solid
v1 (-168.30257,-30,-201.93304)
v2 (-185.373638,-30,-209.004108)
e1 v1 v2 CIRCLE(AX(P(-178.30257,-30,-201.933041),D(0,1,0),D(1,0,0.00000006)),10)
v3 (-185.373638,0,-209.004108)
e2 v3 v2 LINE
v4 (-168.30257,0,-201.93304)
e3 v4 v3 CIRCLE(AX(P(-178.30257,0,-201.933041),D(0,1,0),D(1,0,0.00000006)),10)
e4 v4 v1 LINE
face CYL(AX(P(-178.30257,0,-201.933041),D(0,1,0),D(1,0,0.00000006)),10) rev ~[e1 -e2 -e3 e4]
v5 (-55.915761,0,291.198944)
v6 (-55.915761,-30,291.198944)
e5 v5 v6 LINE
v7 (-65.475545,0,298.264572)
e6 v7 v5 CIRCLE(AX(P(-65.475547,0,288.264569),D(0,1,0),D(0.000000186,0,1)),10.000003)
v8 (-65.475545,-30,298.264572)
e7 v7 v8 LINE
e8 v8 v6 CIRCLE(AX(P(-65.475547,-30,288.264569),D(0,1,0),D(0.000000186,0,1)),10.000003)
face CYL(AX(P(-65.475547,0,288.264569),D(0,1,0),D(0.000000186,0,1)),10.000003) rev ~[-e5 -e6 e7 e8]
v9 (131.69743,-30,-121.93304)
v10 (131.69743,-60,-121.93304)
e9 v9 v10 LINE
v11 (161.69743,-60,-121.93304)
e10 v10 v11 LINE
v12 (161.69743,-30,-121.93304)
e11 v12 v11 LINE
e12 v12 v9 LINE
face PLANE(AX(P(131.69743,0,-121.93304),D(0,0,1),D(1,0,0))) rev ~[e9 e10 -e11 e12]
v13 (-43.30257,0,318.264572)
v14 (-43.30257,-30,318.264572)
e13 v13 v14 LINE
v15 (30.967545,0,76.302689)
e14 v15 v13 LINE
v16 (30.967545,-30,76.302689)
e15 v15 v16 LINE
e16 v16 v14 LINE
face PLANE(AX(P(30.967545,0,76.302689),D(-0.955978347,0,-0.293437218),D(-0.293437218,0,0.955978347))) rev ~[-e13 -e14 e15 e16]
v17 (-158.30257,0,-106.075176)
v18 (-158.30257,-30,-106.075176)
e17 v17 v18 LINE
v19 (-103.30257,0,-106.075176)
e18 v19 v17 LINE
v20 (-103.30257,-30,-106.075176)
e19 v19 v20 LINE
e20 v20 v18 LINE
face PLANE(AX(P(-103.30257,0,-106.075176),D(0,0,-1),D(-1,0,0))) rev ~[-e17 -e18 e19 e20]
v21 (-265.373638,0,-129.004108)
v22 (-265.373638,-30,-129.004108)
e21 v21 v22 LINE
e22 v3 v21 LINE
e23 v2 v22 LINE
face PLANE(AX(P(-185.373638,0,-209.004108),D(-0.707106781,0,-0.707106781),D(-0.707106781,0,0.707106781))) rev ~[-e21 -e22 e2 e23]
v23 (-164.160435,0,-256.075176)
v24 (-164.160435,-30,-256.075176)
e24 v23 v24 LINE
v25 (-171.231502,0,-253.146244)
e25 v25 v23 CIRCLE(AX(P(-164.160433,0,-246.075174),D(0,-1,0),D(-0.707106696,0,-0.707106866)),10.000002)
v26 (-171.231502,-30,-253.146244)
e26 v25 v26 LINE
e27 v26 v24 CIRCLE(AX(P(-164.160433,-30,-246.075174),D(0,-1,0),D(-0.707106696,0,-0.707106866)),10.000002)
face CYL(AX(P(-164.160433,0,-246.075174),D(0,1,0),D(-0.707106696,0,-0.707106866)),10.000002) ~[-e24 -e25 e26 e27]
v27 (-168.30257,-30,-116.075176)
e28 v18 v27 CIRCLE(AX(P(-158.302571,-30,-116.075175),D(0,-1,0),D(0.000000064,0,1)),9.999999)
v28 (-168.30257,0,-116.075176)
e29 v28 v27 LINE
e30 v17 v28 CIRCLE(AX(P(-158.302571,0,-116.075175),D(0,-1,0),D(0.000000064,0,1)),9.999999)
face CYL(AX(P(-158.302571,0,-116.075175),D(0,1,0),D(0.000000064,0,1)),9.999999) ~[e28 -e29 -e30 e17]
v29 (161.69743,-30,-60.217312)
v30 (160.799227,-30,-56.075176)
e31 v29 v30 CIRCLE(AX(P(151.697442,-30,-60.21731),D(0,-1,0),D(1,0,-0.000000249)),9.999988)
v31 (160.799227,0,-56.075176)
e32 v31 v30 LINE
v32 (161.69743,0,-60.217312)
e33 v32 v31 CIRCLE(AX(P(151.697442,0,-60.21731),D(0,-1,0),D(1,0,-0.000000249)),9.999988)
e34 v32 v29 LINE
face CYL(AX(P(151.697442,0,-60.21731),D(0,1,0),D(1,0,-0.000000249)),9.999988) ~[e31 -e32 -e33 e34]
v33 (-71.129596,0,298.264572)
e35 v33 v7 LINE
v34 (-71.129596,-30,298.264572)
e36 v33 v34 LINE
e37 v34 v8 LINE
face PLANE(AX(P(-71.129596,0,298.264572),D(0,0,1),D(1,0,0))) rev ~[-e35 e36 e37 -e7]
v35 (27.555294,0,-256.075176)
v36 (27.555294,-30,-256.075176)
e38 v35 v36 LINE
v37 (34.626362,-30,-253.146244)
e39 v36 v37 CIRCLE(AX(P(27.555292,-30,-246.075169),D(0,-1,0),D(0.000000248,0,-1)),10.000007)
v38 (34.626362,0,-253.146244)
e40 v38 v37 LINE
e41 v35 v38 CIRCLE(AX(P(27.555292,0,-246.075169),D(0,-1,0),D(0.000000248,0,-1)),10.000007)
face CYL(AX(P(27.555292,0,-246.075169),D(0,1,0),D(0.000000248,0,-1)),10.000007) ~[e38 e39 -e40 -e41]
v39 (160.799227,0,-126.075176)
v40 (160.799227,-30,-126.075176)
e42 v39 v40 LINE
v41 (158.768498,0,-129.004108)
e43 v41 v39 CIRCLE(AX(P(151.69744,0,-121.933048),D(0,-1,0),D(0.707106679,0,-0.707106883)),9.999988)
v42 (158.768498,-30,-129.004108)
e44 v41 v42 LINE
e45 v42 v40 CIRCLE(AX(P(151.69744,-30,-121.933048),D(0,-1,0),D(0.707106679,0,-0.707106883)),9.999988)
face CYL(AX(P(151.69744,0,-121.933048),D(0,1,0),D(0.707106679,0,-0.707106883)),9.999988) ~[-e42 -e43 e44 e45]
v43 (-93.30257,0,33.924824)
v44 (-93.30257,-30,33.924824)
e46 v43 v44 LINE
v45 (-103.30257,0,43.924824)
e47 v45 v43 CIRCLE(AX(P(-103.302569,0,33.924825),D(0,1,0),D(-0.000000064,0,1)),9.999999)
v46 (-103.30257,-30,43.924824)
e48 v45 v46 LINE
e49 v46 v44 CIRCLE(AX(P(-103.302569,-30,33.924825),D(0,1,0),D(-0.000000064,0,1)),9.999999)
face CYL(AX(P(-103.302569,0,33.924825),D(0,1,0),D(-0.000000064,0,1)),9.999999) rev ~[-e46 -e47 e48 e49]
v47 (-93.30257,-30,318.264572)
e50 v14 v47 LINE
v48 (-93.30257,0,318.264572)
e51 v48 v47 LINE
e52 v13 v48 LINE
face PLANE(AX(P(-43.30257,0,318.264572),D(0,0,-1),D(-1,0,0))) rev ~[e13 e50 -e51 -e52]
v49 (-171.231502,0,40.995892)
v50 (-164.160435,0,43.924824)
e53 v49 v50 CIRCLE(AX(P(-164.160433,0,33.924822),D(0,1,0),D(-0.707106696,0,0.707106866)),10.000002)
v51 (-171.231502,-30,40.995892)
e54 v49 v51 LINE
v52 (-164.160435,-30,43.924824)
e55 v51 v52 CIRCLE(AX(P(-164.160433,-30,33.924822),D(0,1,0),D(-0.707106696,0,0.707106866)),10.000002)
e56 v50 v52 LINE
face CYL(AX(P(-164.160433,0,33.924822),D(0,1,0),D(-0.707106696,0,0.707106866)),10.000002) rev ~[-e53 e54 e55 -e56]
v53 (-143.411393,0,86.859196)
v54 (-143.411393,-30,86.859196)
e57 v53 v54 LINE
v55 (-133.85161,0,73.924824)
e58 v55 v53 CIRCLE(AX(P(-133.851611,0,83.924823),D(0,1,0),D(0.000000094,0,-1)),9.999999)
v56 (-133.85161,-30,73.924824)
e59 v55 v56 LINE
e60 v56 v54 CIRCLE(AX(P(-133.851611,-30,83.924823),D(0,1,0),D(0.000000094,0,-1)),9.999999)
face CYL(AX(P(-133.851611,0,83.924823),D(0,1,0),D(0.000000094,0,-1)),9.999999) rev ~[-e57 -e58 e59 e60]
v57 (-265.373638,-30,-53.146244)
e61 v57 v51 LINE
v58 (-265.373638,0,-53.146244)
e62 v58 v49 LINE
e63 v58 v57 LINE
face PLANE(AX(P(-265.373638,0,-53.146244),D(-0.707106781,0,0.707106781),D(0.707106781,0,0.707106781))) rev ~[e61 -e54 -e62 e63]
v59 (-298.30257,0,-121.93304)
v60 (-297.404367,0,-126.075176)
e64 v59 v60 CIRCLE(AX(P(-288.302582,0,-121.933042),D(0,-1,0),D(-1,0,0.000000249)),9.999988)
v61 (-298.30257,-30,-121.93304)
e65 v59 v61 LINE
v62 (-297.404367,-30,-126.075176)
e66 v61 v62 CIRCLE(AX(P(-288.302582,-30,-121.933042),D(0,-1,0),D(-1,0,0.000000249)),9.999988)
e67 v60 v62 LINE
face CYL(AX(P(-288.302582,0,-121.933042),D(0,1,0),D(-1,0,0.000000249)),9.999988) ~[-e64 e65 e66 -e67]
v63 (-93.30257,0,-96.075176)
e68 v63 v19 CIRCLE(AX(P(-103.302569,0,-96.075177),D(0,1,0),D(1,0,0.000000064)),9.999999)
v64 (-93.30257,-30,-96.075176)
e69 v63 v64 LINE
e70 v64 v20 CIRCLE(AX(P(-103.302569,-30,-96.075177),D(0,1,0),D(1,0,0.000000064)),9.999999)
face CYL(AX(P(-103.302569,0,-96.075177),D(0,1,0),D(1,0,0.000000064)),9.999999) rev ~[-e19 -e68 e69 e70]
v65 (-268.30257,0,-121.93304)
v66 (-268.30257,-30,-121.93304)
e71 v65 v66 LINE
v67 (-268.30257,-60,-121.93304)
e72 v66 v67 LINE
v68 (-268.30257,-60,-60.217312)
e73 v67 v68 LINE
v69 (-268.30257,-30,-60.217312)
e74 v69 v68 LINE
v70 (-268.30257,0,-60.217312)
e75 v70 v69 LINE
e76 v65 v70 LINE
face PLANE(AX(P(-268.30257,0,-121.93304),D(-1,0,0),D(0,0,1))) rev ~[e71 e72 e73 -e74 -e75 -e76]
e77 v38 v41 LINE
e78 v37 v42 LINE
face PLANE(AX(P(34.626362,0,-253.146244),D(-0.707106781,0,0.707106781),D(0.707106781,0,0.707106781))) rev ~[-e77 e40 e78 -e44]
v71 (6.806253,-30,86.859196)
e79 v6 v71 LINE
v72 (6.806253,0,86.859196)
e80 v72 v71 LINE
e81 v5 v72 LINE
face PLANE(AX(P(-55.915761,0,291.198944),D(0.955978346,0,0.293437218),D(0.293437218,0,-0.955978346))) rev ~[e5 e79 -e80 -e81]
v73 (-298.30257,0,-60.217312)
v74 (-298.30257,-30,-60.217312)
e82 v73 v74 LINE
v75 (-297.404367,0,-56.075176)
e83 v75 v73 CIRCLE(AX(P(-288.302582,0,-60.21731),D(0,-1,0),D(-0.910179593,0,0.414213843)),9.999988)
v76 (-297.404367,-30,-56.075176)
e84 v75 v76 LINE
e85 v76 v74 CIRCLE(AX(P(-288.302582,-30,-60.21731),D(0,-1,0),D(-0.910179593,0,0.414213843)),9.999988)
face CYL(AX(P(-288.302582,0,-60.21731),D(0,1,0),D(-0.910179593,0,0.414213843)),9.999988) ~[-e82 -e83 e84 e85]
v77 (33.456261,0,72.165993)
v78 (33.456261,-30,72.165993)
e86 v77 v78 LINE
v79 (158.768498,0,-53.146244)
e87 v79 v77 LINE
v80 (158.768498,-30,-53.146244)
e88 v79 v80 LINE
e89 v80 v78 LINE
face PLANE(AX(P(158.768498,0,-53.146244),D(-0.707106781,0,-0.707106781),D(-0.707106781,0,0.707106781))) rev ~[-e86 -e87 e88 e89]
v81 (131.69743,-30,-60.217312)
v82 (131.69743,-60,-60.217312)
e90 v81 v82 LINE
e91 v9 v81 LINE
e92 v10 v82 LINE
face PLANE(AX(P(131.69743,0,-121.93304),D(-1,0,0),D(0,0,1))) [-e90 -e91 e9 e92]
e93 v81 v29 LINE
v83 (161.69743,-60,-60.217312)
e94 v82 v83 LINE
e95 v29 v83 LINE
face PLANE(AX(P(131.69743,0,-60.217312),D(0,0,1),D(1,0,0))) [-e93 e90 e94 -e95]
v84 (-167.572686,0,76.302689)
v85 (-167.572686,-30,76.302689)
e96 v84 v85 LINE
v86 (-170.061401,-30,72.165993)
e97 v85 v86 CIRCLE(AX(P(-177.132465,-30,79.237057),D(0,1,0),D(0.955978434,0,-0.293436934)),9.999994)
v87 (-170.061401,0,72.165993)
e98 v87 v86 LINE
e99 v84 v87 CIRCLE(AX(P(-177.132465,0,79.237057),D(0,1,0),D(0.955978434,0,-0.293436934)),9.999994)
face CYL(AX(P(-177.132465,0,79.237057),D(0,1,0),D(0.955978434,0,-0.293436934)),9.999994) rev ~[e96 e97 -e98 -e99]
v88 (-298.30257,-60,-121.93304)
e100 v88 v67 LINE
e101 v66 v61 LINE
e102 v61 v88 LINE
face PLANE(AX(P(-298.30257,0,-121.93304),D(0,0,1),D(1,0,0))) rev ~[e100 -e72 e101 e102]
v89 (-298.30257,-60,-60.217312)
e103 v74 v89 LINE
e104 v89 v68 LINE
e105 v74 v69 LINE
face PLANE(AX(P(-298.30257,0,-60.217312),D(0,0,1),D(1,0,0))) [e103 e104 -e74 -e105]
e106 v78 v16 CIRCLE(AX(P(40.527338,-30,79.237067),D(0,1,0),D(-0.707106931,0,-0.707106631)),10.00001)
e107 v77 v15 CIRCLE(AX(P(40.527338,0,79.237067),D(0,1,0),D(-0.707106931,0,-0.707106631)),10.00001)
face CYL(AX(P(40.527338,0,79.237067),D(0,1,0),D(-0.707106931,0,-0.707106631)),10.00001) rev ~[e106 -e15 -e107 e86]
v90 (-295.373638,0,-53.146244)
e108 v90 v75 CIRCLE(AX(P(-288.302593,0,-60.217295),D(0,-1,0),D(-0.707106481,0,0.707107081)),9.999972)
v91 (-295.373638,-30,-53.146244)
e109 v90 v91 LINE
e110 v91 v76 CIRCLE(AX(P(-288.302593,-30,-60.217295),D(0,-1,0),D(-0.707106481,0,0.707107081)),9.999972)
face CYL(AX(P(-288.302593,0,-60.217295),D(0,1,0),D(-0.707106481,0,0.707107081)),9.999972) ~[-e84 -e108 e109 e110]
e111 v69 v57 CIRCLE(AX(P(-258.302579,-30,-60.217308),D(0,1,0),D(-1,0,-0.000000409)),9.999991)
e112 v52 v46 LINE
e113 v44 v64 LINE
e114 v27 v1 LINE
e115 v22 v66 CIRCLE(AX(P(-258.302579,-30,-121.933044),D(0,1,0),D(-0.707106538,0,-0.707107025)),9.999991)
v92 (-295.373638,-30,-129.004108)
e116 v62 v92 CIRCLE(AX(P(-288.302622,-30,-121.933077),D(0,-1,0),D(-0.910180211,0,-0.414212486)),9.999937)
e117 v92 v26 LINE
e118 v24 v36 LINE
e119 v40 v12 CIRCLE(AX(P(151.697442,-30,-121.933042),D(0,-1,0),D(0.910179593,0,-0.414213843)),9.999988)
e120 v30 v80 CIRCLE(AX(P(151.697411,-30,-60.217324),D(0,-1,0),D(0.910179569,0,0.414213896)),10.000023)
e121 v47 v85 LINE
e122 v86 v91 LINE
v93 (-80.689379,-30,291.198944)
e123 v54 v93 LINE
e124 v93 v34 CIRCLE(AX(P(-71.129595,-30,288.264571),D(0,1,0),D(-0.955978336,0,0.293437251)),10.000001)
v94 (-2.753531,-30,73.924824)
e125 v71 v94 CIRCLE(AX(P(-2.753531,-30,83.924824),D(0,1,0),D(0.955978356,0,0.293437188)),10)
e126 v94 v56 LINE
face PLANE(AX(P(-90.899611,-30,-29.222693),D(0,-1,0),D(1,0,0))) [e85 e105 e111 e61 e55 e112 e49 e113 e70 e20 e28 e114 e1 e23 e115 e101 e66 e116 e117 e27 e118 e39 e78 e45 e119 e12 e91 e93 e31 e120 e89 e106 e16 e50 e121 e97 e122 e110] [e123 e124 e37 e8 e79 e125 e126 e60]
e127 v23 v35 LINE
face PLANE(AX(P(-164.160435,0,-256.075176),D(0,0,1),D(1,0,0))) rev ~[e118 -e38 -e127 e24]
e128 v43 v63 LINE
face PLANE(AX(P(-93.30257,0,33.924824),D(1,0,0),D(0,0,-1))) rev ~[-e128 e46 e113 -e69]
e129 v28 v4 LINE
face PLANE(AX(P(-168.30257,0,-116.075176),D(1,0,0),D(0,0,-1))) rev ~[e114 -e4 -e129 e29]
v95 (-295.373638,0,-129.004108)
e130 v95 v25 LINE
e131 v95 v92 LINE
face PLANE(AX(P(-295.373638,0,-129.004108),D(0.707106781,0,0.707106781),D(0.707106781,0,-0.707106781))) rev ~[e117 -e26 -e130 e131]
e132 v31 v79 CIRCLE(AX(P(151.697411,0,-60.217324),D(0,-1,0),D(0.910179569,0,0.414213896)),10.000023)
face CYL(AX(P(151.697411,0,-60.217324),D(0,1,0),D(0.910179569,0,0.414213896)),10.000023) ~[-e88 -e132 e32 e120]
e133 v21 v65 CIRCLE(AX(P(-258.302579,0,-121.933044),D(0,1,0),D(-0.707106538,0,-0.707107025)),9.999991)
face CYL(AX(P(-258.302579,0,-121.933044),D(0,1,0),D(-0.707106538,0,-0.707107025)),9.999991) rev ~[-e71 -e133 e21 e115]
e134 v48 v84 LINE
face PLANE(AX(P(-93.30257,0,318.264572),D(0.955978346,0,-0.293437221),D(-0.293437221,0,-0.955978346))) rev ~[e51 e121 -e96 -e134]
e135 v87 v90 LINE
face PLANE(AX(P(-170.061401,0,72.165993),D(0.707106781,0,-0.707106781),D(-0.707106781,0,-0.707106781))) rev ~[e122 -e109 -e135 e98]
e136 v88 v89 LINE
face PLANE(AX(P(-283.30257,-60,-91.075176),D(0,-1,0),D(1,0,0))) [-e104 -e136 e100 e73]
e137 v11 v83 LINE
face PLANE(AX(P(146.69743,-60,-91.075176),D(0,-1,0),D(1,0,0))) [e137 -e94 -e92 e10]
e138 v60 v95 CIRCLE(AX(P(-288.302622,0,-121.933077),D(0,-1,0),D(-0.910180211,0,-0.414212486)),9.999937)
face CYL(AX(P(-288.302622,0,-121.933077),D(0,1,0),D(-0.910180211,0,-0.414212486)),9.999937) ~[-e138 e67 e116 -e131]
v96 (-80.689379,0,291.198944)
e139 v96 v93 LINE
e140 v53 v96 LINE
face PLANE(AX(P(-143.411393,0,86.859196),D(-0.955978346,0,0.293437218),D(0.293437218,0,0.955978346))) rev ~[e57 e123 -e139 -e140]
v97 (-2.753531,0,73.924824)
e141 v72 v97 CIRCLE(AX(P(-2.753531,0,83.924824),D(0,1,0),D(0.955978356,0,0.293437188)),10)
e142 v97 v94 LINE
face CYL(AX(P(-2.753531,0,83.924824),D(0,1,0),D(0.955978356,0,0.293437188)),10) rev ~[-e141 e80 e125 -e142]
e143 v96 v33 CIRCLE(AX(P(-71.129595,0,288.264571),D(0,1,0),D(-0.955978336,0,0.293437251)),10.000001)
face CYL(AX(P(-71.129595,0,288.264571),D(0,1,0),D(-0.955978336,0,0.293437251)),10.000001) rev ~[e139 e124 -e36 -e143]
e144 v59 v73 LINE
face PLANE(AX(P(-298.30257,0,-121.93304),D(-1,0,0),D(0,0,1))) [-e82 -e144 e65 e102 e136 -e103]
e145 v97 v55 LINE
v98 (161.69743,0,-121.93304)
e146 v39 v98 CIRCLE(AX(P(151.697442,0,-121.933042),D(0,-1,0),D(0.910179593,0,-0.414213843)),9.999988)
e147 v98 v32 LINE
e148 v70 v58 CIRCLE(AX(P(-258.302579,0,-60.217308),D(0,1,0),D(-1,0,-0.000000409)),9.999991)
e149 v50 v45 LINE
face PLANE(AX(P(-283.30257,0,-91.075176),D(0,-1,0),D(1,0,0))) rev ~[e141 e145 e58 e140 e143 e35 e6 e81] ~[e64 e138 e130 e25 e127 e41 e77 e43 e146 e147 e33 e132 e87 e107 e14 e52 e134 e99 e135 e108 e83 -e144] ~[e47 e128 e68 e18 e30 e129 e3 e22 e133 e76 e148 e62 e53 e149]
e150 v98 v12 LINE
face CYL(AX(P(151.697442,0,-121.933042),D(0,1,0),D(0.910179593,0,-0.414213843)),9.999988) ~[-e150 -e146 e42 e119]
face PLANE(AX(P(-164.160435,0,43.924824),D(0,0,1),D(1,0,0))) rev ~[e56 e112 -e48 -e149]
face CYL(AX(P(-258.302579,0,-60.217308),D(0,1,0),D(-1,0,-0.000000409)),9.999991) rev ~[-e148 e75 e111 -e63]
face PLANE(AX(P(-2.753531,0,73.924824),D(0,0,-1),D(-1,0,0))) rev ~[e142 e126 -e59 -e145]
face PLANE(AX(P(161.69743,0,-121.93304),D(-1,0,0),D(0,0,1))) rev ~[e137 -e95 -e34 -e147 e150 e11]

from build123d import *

# Parameters (mm, degrees)
F1_DEPTH = 30
F0_W     = 30
F0_H     = 61.715728
F2_DEPTH = 60


with BuildPart() as f1:
    # F0 (on Front) → F1 (new body)
    with BuildSketch(Plane.XZ):
        with BuildLine():
            Line((-168.30257, -116.075176), (-168.30257, -201.93304))
            ThreePointArc((-168.30257, -201.93304), (-174.475736, -211.171836), (-185.373638, -209.004108))
            Line((-185.373638, -209.004108), (-265.373638, -129.004108))
            ThreePointArc((-265.373638, -129.004108), (-267.541366, -125.759875), (-268.30257, -121.93304))
            Line((-268.30257, -121.93304), (-298.30257, -121.93304))
            ThreePointArc((-298.30257, -121.93304), (-298.07544, -124.052242), (-297.404367, -126.075176))
            ThreePointArc((-297.404367, -126.075176), (-296.520542, -127.630843), (-295.373638, -129.004108))
            Line((-295.373638, -129.004108), (-171.231502, -253.146244))
            ThreePointArc((-171.231502, -253.146244), (-167.987269, -255.313971), (-164.160435, -256.075176))
            Line((-164.160435, -256.075176), (27.555294, -256.075176))
            ThreePointArc((27.555294, -256.075176), (31.382128, -255.313971), (34.626362, -253.146244))
            Line((34.626362, -253.146244), (158.768498, -129.004108))
            ThreePointArc((158.768498, -129.004108), (159.915401, -127.630843), (160.799227, -126.075176))
            ThreePointArc((160.799227, -126.075176), (161.4703, -124.052242), (161.69743, -121.93304))
            Line((161.69743, -121.93304), (131.69743, -121.93304))
            Line((131.69743, -121.93304), (131.69743, -60.217312))
            Line((131.69743, -60.217312), (161.69743, -60.217312))
            ThreePointArc((161.69743, -60.217312), (161.4703, -58.09811), (160.799227, -56.075176))
            ThreePointArc((160.799227, -56.075176), (159.915401, -54.51951), (158.768498, -53.146244))
            Line((158.768498, -53.146244), (33.456261, 72.165993))
            ThreePointArc((33.456261, 72.165993), (31.958527, 74.081905), (30.967545, 76.302689))
            Line((30.967545, 76.302689), (-43.30257, 318.264572))
            Line((-43.30257, 318.264572), (-93.30257, 318.264572))
            Line((-93.30257, 318.264572), (-167.572686, 76.302689))
            ThreePointArc((-167.572686, 76.302689), (-168.563667, 74.081905), (-170.061401, 72.165993))
            Line((-170.061401, 72.165993), (-295.373638, -53.146244))
            ThreePointArc((-295.373638, -53.146244), (-296.520542, -54.51951), (-297.404367, -56.075176))
            ThreePointArc((-297.404367, -56.075176), (-298.07544, -58.09811), (-298.30257, -60.217312))
            Line((-298.30257, -60.217312), (-268.30257, -60.217312))
            ThreePointArc((-268.30257, -60.217312), (-267.541366, -56.390477), (-265.373638, -53.146244))
            Line((-265.373638, -53.146244), (-171.231502, 40.995892))
            ThreePointArc((-171.231502, 40.995892), (-167.987269, 43.163619), (-164.160435, 43.924824))
            Line((-164.160435, 43.924824), (-103.30257, 43.924824))
            ThreePointArc((-103.30257, 43.924824), (-96.231502, 40.995892), (-93.30257, 33.924824))
            Line((-93.30257, 33.924824), (-93.30257, -96.075176))
            ThreePointArc((-93.30257, -96.075176), (-96.231502, -103.146244), (-103.30257, -106.075176))
            Line((-103.30257, -106.075176), (-158.30257, -106.075176))
            ThreePointArc((-158.30257, -106.075176), (-165.373638, -109.004108), (-168.30257, -116.075176))
        make_face()
        with BuildLine():
            Line((-2.753531, 73.924824), (-133.85161, 73.924824))
            ThreePointArc((-133.85161, 73.924824), (-141.893492, 77.981076), (-143.411393, 86.859196))
            Line((-143.411393, 86.859196), (-80.689379, 291.198944))
            ThreePointArc((-80.689379, 291.198944), (-77.073344, 296.306453), (-71.129596, 298.264572))
            Line((-71.129596, 298.264572), (-65.475545, 298.264572))
            ThreePointArc((-65.475545, 298.264572), (-59.531797, 296.306453), (-55.915761, 291.198944))
            Line((-55.915761, 291.198944), (6.806253, 86.859196))
            ThreePointArc((6.806253, 86.859196), (5.288351, 77.981076), (-2.753531, 73.924824))
        make_face(mode=Mode.SUBTRACT)
    extrude(amount=F1_DEPTH)

    # F0 (on Front) → F2 (join)
    with BuildSketch(Plane.XZ):
        with Locations((-283.30257, -91.075176)):
            Rectangle(F0_W, F0_H)
        with Locations((146.69743, -91.075176)):
            Rectangle(F0_W, F0_H)
    extrude(amount=F2_DEPTH)


solid = f1.part
